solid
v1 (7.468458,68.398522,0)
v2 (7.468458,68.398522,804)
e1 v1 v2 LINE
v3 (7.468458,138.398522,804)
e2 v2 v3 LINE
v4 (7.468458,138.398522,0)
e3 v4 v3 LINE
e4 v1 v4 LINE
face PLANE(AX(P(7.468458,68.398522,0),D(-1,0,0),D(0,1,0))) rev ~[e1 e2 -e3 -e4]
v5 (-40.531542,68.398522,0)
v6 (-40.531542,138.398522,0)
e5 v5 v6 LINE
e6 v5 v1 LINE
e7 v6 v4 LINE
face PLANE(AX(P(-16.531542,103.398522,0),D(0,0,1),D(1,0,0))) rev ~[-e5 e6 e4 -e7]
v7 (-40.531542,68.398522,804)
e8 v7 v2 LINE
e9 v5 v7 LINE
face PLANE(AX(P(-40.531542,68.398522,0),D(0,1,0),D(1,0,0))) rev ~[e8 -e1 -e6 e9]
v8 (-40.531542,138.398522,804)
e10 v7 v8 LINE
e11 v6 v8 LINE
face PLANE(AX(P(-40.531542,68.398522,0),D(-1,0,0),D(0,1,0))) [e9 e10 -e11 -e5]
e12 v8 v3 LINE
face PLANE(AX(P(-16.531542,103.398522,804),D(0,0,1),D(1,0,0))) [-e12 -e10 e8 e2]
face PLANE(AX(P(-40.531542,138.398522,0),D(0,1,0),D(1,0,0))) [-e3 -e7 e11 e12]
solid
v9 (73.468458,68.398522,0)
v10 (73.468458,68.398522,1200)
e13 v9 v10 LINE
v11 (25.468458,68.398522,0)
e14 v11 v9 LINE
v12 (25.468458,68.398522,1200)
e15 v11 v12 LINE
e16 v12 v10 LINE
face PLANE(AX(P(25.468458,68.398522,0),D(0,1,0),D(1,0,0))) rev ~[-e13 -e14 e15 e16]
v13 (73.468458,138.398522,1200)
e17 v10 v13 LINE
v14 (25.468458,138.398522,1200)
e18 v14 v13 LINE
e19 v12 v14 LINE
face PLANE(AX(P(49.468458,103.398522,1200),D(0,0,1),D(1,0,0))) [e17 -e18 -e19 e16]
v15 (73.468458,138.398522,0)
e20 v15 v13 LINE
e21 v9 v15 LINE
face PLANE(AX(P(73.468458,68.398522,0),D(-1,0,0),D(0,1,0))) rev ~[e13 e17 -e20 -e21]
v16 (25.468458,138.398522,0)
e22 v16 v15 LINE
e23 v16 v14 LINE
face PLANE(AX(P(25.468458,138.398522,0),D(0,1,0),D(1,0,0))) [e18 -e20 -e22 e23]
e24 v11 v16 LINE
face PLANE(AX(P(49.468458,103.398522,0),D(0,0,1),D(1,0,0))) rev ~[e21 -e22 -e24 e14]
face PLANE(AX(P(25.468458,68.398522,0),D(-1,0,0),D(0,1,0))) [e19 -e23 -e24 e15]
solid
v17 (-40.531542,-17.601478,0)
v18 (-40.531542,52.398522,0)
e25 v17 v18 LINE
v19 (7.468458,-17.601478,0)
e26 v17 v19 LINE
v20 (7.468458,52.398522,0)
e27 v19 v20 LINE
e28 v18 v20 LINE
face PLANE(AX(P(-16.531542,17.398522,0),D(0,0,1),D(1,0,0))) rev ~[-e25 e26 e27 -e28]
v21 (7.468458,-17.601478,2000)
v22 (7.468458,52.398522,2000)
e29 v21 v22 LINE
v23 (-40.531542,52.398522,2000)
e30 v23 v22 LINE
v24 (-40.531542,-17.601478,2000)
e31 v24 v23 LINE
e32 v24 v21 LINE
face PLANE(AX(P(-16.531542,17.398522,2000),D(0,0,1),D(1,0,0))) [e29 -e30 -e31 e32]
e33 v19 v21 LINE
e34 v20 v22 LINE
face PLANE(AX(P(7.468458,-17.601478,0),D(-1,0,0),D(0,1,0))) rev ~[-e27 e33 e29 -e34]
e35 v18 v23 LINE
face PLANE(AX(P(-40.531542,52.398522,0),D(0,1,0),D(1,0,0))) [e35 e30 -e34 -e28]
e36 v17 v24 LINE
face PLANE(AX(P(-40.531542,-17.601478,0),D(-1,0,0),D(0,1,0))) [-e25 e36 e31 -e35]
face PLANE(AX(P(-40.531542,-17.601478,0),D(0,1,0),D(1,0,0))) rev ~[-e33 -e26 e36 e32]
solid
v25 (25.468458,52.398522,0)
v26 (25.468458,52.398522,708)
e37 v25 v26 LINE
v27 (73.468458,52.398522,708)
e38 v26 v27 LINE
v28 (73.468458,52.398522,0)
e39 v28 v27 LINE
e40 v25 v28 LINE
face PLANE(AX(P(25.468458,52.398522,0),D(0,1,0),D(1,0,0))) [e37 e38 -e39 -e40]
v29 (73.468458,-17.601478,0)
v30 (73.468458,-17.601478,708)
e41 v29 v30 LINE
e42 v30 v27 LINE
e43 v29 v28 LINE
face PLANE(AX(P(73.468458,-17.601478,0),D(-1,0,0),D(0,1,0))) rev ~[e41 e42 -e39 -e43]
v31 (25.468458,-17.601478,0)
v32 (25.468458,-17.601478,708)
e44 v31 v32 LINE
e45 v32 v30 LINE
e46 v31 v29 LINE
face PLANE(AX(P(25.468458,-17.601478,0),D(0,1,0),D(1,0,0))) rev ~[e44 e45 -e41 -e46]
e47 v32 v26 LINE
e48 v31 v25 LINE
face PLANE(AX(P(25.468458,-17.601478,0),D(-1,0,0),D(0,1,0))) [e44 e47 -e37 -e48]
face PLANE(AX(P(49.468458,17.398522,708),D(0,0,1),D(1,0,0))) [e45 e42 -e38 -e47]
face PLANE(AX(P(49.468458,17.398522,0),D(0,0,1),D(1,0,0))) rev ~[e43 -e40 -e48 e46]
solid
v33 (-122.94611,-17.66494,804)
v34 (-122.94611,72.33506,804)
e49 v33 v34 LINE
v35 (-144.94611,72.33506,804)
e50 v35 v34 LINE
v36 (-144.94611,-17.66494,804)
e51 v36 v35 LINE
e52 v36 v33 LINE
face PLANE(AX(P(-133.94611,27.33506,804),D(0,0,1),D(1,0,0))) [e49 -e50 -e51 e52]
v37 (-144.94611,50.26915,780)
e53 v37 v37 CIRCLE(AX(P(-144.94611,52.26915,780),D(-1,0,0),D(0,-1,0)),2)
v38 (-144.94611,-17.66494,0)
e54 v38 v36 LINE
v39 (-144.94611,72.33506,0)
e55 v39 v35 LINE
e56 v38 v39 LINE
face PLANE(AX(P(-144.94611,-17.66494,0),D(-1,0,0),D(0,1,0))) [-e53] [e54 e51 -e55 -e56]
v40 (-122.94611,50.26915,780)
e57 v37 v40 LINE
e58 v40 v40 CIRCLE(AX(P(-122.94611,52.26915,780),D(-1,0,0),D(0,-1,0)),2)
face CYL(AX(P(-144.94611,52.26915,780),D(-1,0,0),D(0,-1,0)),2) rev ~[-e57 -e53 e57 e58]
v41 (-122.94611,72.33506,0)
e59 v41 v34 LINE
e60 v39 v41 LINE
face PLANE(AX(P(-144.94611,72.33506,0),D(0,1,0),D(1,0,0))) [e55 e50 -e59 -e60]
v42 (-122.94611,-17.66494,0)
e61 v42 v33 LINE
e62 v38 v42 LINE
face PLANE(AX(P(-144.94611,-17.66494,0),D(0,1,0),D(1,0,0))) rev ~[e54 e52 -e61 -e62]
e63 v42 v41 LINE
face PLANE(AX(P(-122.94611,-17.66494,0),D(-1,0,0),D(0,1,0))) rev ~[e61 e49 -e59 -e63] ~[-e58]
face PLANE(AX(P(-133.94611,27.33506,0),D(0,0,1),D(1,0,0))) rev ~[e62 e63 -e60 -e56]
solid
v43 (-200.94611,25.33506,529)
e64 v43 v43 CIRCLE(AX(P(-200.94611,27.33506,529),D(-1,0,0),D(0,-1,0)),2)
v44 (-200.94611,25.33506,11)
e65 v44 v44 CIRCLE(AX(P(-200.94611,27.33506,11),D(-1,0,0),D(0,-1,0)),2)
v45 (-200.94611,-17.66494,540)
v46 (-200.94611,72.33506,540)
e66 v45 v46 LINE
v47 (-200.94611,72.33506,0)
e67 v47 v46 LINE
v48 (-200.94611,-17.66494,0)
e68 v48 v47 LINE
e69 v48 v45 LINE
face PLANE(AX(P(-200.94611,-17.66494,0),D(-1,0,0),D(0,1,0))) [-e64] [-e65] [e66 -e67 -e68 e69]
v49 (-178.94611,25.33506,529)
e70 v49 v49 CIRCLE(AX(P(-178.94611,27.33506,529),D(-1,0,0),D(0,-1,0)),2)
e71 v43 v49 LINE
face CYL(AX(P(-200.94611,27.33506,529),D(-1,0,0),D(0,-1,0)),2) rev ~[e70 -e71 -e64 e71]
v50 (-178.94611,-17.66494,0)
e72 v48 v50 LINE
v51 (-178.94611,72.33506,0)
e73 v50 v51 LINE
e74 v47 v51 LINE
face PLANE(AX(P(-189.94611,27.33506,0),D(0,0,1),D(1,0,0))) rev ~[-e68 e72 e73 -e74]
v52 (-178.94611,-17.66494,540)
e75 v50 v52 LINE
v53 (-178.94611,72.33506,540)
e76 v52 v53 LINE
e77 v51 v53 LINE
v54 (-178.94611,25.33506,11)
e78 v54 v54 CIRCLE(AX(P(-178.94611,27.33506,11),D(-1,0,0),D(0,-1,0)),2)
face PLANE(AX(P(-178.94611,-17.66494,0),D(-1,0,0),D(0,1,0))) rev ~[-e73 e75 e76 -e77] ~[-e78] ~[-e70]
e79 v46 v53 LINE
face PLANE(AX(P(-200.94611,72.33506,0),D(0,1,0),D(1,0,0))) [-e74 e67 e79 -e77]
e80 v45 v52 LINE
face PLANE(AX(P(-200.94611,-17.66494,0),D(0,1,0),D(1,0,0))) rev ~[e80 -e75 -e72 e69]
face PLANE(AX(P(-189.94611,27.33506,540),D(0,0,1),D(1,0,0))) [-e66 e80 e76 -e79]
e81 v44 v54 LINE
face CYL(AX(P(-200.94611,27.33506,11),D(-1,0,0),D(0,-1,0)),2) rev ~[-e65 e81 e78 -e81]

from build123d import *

# Parameters (mm, degrees)
F0_W      = 48
F0_H      = 70
F1_DEPTH  = 2000
F2_DEPTH  = 804
F3_DEPTH  = 1200
F4_DEPTH  = 708
F5_W      = 22
F5_H      = 90
F6_DEPTH  = 804
F7_R      = 2
F8_DEPTH  = 22
F9_DEPTH  = 540
F10_R     = 2
F11_DEPTH = 22


with BuildPart() as f1:
    # F0 (on Top) → F1 (new body)
    with BuildSketch(Plane.XY):
        with Locations((-16.531542, 17.398522)):
            Rectangle(F0_W, F0_H)
    extrude(amount=F1_DEPTH)


with BuildPart() as f2:
    # F0 (on Top) → F2 (new body)
    with BuildSketch(Plane.XY):
        with Locations((-16.531542, 103.398522)):
            Rectangle(F0_W, F0_H)
    extrude(amount=F2_DEPTH)


with BuildPart() as f3:
    # F0 (on Top) → F3 (new body)
    with BuildSketch(Plane.XY):
        with Locations((49.468458, 103.398522)):
            Rectangle(F0_W, F0_H)
    extrude(amount=F3_DEPTH)


with BuildPart() as f4:
    # F0 (on Top) → F4 (new body)
    with BuildSketch(Plane.XY):
        with Locations((49.468458, 17.398522)):
            Rectangle(F0_W, F0_H)
    extrude(amount=F4_DEPTH)


with BuildPart() as f6:
    # F5 (on Top) → F6 (new body)
    with BuildSketch(Plane.XY):
        with Locations((-133.94611, 27.33506)):
            Rectangle(F5_W, F5_H)
    extrude(amount=F6_DEPTH)

    # F7 (on face) → F8 (cut, through all)
    with BuildSketch(Plane(origin=(-144.94611, 0, 0), x_dir=(0, -1, 0), z_dir=(-1, 0, 0))):
        with Locations((-52.26915, 780)):
            Circle(F7_R)
    extrude(amount=-F8_DEPTH, mode=Mode.SUBTRACT)


with BuildPart() as f9:
    # F5 (on Top) → F9 (new body)
    with BuildSketch(Plane.XY):
        with Locations((-189.94611, 27.33506)):
            Rectangle(F5_W, F5_H)
    extrude(amount=F9_DEPTH)

    # F10 (on face) → F11 (cut, through all)
    with BuildSketch(Plane(origin=(-200.94611, 0, 0), x_dir=(0, -1, 0), z_dir=(-1, 0, 0))):
        with Locations((-27.33506, 529)):
            Circle(F10_R)
        with Locations((-27.33506, 11)):
            Circle(F10_R)
    extrude(amount=-F11_DEPTH, mode=Mode.SUBTRACT)


solid = Compound([f1.part, f2.part, f3.part, f4.part, f6.part, f9.part])
